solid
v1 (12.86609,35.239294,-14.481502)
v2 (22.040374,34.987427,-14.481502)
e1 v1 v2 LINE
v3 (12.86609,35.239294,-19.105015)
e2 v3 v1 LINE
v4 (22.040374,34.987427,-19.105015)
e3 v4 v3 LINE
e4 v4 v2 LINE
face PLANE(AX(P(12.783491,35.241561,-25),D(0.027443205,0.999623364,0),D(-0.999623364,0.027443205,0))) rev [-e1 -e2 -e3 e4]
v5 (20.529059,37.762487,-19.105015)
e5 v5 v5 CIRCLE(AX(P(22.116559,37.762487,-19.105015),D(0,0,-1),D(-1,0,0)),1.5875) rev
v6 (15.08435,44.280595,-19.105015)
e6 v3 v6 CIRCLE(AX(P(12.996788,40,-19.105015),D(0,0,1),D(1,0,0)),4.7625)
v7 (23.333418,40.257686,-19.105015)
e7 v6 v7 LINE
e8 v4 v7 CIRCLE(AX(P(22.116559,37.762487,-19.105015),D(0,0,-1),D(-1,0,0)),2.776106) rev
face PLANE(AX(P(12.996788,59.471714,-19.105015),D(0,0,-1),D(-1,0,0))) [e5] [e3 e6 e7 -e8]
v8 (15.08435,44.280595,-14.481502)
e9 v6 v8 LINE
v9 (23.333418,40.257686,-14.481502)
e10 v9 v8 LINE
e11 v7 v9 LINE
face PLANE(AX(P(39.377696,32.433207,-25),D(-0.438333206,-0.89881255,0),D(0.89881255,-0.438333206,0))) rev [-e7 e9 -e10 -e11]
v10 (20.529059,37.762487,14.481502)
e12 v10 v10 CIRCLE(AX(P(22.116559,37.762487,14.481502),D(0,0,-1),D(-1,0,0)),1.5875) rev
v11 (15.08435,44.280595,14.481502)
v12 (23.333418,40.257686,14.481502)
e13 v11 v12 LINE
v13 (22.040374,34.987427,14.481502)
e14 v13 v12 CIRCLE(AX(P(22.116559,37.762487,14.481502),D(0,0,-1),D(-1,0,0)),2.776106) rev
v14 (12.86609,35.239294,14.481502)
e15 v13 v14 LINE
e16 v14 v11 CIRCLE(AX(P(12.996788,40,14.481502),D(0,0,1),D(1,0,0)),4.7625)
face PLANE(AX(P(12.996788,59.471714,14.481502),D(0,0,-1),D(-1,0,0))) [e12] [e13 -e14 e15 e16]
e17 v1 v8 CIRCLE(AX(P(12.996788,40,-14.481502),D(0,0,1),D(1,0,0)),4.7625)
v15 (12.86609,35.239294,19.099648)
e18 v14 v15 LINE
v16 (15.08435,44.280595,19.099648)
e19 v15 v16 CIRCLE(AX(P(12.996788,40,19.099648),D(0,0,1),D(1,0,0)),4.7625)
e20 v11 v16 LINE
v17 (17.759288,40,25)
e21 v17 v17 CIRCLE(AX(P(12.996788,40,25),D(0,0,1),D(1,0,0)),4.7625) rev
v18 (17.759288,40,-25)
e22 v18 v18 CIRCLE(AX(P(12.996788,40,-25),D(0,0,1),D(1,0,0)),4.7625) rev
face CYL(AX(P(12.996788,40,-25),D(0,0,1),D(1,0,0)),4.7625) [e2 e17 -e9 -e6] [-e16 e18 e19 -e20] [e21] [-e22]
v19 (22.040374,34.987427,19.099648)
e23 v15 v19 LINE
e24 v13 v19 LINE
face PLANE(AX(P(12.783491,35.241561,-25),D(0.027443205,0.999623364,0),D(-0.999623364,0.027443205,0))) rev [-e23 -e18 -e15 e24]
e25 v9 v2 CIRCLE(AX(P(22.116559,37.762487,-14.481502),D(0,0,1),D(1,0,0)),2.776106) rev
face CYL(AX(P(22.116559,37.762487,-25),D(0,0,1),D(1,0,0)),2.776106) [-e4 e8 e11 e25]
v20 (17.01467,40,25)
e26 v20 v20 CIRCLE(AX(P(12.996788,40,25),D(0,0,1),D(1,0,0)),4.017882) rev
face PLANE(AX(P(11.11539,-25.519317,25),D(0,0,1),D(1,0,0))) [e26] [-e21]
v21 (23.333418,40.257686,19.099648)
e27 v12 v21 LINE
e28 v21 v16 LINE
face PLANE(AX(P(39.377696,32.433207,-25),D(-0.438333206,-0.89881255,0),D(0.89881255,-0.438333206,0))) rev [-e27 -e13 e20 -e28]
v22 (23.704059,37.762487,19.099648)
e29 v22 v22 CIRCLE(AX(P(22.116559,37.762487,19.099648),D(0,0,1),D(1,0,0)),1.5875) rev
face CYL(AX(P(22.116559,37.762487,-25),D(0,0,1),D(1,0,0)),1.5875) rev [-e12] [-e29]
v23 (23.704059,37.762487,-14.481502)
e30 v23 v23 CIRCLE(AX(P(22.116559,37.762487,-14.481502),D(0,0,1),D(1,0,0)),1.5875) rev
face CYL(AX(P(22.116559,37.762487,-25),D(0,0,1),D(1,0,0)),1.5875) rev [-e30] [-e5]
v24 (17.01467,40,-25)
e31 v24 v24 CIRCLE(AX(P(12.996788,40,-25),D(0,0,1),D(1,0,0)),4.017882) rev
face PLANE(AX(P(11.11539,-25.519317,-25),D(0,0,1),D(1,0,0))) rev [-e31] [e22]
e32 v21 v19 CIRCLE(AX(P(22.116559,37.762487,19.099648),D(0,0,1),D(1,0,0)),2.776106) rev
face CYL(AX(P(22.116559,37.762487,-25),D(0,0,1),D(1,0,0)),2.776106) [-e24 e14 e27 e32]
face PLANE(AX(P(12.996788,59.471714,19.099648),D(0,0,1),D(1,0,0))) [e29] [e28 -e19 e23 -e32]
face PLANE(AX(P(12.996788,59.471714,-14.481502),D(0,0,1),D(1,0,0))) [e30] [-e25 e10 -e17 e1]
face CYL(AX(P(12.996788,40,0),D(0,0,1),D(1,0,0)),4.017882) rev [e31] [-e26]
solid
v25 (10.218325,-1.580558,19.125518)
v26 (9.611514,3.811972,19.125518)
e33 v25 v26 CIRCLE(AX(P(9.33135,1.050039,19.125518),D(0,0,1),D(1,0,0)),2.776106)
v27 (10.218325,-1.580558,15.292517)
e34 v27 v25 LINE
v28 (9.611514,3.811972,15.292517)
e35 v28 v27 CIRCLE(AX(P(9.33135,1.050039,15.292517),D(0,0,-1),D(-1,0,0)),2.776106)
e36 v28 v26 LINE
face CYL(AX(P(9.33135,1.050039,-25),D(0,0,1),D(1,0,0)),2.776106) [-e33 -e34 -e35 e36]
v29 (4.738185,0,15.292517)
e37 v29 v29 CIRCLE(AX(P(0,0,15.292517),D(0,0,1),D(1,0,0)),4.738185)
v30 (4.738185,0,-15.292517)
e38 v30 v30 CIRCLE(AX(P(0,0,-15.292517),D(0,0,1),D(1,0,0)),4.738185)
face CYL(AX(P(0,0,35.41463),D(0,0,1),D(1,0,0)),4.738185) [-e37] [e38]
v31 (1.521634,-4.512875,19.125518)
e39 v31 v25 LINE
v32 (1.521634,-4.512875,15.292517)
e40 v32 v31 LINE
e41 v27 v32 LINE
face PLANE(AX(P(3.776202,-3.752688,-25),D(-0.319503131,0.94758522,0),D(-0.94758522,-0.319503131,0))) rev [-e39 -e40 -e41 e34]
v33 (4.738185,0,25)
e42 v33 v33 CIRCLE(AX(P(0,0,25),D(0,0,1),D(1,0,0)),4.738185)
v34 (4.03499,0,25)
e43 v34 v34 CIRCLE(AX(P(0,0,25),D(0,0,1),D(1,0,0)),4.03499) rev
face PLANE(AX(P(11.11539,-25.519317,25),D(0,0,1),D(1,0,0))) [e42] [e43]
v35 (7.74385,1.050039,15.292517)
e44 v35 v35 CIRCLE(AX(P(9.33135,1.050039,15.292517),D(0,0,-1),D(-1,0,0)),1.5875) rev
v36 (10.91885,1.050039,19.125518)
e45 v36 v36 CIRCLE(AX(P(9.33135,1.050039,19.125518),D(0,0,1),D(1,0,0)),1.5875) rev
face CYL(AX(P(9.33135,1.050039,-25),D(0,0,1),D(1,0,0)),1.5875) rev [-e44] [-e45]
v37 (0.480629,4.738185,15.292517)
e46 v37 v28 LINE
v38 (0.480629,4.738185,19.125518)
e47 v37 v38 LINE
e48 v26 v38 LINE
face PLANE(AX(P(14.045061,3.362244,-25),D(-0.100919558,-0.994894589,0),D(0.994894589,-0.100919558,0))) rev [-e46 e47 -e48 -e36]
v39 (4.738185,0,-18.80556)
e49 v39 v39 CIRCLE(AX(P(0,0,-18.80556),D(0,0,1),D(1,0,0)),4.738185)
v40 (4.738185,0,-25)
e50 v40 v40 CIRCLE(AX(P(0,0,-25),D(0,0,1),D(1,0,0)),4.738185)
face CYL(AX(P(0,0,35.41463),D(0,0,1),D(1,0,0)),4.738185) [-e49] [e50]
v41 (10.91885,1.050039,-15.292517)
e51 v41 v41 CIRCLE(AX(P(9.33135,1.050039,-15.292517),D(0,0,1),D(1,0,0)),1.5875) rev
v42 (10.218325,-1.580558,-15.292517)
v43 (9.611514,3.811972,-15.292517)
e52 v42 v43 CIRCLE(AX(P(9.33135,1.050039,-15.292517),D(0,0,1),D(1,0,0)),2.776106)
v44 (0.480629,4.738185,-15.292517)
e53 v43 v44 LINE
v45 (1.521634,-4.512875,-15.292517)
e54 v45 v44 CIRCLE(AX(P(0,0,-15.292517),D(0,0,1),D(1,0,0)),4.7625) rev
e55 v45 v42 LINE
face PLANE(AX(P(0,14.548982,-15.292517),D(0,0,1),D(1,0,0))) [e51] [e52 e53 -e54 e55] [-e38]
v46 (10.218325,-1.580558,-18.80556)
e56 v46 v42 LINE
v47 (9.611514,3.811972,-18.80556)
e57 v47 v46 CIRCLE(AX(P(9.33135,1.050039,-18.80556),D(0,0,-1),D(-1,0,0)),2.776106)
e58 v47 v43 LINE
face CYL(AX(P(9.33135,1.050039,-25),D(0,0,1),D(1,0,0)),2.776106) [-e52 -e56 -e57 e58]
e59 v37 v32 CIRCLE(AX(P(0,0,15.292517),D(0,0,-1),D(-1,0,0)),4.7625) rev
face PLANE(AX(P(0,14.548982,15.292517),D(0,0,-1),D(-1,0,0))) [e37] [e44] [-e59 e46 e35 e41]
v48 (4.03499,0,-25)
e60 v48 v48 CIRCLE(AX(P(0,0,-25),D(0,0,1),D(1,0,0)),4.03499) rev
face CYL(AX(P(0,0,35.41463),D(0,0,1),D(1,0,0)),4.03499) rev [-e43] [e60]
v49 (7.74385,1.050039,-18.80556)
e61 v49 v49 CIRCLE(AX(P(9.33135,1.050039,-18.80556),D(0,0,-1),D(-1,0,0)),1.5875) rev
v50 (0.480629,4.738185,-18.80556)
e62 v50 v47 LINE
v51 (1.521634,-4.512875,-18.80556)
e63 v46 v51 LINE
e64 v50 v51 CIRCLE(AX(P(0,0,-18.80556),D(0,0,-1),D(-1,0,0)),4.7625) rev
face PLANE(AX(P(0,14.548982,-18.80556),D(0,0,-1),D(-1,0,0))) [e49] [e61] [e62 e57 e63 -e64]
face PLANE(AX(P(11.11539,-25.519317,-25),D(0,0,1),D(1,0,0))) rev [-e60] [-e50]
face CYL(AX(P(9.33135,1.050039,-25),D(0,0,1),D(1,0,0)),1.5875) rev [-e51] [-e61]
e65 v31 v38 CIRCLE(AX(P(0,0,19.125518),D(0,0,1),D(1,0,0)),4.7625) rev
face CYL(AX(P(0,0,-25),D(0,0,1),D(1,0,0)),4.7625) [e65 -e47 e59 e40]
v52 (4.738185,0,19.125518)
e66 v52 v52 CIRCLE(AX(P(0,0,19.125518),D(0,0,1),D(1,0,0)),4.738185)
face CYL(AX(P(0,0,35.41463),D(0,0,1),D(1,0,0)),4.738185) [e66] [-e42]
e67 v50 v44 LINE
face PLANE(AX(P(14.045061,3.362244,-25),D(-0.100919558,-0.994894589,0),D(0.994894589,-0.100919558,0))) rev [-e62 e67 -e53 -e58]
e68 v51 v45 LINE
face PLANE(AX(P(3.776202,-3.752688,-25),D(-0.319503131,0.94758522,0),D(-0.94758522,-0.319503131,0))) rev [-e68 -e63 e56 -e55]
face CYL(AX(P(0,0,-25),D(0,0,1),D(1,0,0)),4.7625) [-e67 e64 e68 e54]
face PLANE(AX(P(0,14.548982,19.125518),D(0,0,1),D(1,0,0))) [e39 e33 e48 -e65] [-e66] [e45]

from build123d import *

# Parameters (mm, degrees)
BOSS_EXTRUDE1_DEPTH        = 25
BOSS_EXTRUDE1_DEPTH_BACK   = 25
SKETCH1_R                  = 1.5875
BOSS_EXTRUDE1_2_DEPTH      = 25
BOSS_EXTRUDE1_2_DEPTH_BACK = 25
SKETCH2_W                  = 30.585034638
SKETCH2_H                  = 9.810796571
SKETCH2_W_2                = 15.470183673
SKETCH2_W_3                = 13.851963624
SKETCH2_W_4                = 109.14073621
SKETCH2_H_2                = 4.034989958
SKETCH3_W                  = 28.963004802
SKETCH3_H                  = 14.709213774
SKETCH3_W_2                = 10.915618027
SKETCH3_W_3                = 10.243887687
SKETCH3_W_4                = 54.667422542
SKETCH3_H_2                = 4.017882111


with BuildPart() as part:
    # Sketch1 → Boss-Extrude1 (new, two sides: drawn at the far end of the back side and taken through both)
    with BuildSketch(Plane.XY.offset(-BOSS_EXTRUDE1_DEPTH_BACK)):
        with BuildLine():
            Line((9.61151388, 3.811971952), (0.480629395, 4.738185479))
            ThreePointArc((0.480629395, 4.738185479), (-4.732630614, -0.532553957), (1.521633661, -4.512874611))
            Line((1.521633661, -4.512874611), (10.21832503, -1.580557747))
            ThreePointArc((10.21832503, -1.580557747), (12.090045273, 1.36046989), (9.61151388, 3.811971952))
        make_face()
        with Locations((9.331350497, 1.050039193)):
            Circle(SKETCH1_R, mode=Mode.SUBTRACT)
    extrude(amount=BOSS_EXTRUDE1_DEPTH + BOSS_EXTRUDE1_DEPTH_BACK)

    # Sketch2 → Cut-Revolve1 (revolve, cut)
    with BuildSketch(Plane(origin=(0, 0, 0), x_dir=(0, 0, -1), z_dir=(1, 0, 0))):
        with Locations((0, 9.643583765)):
            Rectangle(SKETCH2_W, SKETCH2_H)
        with Locations((-26.860610177, 9.643583765)):
            Rectangle(SKETCH2_W_2, SKETCH2_H)
        with Locations((25.731541433, 9.643583765)):
            Rectangle(SKETCH2_W_3, SKETCH2_H)
        with Locations((0, 2.017494979)):
            Rectangle(SKETCH2_W_4, SKETCH2_H_2)
    revolve(axis=Axis((0, 0, 35.414629517), (0, 0, -1)), mode=Mode.SUBTRACT)


with BuildPart() as body_2:
    # Sketch1 → Boss-Extrude1 2 (new, two sides: drawn at the far end of the back side and taken through both)
    with BuildSketch(Plane.XY.offset(-BOSS_EXTRUDE1_2_DEPTH_BACK)):
        with BuildLine():
            Line((23.333418199, 40.257686297), (15.084349744, 44.28059477))
            ThreePointArc((15.084349744, 44.28059477), (8.371465163, 41.134811127), (12.866089587, 35.239293727))
            Line((12.866089587, 35.239293727), (22.040373547, 34.987427114))
            ThreePointArc((22.040373547, 34.987427114), (24.812702769, 37.100995404), (23.333418199, 40.257686297))
        make_face()
        with Locations((22.11655879, 37.762487454)):
            Circle(SKETCH1_R, mode=Mode.SUBTRACT)
    extrude(amount=BOSS_EXTRUDE1_2_DEPTH + BOSS_EXTRUDE1_2_DEPTH_BACK)

    # Sketch3 → Cut-Revolve2 (revolve, cut)
    with BuildSketch(Plane(origin=(12.996787849, 0, 0), x_dir=(0, 0, -1), z_dir=(1, 0, 0))):
        with Locations((0, 52.117106887)):
            Rectangle(SKETCH3_W, SKETCH3_H)
        with Locations((-24.557457504, 52.117106887)):
            Rectangle(SKETCH3_W_2, SKETCH3_H)
        with Locations((24.226958448, 52.117106887)):
            Rectangle(SKETCH3_W_3, SKETCH3_H)
        with Locations((0, 42.008941056)):
            Rectangle(SKETCH3_W_4, SKETCH3_H_2)
    revolve(axis=Axis((12.996787849, 40, 0), (0, 0, -1)), mode=Mode.SUBTRACT)


solid = Compound([part.part, body_2.part])
